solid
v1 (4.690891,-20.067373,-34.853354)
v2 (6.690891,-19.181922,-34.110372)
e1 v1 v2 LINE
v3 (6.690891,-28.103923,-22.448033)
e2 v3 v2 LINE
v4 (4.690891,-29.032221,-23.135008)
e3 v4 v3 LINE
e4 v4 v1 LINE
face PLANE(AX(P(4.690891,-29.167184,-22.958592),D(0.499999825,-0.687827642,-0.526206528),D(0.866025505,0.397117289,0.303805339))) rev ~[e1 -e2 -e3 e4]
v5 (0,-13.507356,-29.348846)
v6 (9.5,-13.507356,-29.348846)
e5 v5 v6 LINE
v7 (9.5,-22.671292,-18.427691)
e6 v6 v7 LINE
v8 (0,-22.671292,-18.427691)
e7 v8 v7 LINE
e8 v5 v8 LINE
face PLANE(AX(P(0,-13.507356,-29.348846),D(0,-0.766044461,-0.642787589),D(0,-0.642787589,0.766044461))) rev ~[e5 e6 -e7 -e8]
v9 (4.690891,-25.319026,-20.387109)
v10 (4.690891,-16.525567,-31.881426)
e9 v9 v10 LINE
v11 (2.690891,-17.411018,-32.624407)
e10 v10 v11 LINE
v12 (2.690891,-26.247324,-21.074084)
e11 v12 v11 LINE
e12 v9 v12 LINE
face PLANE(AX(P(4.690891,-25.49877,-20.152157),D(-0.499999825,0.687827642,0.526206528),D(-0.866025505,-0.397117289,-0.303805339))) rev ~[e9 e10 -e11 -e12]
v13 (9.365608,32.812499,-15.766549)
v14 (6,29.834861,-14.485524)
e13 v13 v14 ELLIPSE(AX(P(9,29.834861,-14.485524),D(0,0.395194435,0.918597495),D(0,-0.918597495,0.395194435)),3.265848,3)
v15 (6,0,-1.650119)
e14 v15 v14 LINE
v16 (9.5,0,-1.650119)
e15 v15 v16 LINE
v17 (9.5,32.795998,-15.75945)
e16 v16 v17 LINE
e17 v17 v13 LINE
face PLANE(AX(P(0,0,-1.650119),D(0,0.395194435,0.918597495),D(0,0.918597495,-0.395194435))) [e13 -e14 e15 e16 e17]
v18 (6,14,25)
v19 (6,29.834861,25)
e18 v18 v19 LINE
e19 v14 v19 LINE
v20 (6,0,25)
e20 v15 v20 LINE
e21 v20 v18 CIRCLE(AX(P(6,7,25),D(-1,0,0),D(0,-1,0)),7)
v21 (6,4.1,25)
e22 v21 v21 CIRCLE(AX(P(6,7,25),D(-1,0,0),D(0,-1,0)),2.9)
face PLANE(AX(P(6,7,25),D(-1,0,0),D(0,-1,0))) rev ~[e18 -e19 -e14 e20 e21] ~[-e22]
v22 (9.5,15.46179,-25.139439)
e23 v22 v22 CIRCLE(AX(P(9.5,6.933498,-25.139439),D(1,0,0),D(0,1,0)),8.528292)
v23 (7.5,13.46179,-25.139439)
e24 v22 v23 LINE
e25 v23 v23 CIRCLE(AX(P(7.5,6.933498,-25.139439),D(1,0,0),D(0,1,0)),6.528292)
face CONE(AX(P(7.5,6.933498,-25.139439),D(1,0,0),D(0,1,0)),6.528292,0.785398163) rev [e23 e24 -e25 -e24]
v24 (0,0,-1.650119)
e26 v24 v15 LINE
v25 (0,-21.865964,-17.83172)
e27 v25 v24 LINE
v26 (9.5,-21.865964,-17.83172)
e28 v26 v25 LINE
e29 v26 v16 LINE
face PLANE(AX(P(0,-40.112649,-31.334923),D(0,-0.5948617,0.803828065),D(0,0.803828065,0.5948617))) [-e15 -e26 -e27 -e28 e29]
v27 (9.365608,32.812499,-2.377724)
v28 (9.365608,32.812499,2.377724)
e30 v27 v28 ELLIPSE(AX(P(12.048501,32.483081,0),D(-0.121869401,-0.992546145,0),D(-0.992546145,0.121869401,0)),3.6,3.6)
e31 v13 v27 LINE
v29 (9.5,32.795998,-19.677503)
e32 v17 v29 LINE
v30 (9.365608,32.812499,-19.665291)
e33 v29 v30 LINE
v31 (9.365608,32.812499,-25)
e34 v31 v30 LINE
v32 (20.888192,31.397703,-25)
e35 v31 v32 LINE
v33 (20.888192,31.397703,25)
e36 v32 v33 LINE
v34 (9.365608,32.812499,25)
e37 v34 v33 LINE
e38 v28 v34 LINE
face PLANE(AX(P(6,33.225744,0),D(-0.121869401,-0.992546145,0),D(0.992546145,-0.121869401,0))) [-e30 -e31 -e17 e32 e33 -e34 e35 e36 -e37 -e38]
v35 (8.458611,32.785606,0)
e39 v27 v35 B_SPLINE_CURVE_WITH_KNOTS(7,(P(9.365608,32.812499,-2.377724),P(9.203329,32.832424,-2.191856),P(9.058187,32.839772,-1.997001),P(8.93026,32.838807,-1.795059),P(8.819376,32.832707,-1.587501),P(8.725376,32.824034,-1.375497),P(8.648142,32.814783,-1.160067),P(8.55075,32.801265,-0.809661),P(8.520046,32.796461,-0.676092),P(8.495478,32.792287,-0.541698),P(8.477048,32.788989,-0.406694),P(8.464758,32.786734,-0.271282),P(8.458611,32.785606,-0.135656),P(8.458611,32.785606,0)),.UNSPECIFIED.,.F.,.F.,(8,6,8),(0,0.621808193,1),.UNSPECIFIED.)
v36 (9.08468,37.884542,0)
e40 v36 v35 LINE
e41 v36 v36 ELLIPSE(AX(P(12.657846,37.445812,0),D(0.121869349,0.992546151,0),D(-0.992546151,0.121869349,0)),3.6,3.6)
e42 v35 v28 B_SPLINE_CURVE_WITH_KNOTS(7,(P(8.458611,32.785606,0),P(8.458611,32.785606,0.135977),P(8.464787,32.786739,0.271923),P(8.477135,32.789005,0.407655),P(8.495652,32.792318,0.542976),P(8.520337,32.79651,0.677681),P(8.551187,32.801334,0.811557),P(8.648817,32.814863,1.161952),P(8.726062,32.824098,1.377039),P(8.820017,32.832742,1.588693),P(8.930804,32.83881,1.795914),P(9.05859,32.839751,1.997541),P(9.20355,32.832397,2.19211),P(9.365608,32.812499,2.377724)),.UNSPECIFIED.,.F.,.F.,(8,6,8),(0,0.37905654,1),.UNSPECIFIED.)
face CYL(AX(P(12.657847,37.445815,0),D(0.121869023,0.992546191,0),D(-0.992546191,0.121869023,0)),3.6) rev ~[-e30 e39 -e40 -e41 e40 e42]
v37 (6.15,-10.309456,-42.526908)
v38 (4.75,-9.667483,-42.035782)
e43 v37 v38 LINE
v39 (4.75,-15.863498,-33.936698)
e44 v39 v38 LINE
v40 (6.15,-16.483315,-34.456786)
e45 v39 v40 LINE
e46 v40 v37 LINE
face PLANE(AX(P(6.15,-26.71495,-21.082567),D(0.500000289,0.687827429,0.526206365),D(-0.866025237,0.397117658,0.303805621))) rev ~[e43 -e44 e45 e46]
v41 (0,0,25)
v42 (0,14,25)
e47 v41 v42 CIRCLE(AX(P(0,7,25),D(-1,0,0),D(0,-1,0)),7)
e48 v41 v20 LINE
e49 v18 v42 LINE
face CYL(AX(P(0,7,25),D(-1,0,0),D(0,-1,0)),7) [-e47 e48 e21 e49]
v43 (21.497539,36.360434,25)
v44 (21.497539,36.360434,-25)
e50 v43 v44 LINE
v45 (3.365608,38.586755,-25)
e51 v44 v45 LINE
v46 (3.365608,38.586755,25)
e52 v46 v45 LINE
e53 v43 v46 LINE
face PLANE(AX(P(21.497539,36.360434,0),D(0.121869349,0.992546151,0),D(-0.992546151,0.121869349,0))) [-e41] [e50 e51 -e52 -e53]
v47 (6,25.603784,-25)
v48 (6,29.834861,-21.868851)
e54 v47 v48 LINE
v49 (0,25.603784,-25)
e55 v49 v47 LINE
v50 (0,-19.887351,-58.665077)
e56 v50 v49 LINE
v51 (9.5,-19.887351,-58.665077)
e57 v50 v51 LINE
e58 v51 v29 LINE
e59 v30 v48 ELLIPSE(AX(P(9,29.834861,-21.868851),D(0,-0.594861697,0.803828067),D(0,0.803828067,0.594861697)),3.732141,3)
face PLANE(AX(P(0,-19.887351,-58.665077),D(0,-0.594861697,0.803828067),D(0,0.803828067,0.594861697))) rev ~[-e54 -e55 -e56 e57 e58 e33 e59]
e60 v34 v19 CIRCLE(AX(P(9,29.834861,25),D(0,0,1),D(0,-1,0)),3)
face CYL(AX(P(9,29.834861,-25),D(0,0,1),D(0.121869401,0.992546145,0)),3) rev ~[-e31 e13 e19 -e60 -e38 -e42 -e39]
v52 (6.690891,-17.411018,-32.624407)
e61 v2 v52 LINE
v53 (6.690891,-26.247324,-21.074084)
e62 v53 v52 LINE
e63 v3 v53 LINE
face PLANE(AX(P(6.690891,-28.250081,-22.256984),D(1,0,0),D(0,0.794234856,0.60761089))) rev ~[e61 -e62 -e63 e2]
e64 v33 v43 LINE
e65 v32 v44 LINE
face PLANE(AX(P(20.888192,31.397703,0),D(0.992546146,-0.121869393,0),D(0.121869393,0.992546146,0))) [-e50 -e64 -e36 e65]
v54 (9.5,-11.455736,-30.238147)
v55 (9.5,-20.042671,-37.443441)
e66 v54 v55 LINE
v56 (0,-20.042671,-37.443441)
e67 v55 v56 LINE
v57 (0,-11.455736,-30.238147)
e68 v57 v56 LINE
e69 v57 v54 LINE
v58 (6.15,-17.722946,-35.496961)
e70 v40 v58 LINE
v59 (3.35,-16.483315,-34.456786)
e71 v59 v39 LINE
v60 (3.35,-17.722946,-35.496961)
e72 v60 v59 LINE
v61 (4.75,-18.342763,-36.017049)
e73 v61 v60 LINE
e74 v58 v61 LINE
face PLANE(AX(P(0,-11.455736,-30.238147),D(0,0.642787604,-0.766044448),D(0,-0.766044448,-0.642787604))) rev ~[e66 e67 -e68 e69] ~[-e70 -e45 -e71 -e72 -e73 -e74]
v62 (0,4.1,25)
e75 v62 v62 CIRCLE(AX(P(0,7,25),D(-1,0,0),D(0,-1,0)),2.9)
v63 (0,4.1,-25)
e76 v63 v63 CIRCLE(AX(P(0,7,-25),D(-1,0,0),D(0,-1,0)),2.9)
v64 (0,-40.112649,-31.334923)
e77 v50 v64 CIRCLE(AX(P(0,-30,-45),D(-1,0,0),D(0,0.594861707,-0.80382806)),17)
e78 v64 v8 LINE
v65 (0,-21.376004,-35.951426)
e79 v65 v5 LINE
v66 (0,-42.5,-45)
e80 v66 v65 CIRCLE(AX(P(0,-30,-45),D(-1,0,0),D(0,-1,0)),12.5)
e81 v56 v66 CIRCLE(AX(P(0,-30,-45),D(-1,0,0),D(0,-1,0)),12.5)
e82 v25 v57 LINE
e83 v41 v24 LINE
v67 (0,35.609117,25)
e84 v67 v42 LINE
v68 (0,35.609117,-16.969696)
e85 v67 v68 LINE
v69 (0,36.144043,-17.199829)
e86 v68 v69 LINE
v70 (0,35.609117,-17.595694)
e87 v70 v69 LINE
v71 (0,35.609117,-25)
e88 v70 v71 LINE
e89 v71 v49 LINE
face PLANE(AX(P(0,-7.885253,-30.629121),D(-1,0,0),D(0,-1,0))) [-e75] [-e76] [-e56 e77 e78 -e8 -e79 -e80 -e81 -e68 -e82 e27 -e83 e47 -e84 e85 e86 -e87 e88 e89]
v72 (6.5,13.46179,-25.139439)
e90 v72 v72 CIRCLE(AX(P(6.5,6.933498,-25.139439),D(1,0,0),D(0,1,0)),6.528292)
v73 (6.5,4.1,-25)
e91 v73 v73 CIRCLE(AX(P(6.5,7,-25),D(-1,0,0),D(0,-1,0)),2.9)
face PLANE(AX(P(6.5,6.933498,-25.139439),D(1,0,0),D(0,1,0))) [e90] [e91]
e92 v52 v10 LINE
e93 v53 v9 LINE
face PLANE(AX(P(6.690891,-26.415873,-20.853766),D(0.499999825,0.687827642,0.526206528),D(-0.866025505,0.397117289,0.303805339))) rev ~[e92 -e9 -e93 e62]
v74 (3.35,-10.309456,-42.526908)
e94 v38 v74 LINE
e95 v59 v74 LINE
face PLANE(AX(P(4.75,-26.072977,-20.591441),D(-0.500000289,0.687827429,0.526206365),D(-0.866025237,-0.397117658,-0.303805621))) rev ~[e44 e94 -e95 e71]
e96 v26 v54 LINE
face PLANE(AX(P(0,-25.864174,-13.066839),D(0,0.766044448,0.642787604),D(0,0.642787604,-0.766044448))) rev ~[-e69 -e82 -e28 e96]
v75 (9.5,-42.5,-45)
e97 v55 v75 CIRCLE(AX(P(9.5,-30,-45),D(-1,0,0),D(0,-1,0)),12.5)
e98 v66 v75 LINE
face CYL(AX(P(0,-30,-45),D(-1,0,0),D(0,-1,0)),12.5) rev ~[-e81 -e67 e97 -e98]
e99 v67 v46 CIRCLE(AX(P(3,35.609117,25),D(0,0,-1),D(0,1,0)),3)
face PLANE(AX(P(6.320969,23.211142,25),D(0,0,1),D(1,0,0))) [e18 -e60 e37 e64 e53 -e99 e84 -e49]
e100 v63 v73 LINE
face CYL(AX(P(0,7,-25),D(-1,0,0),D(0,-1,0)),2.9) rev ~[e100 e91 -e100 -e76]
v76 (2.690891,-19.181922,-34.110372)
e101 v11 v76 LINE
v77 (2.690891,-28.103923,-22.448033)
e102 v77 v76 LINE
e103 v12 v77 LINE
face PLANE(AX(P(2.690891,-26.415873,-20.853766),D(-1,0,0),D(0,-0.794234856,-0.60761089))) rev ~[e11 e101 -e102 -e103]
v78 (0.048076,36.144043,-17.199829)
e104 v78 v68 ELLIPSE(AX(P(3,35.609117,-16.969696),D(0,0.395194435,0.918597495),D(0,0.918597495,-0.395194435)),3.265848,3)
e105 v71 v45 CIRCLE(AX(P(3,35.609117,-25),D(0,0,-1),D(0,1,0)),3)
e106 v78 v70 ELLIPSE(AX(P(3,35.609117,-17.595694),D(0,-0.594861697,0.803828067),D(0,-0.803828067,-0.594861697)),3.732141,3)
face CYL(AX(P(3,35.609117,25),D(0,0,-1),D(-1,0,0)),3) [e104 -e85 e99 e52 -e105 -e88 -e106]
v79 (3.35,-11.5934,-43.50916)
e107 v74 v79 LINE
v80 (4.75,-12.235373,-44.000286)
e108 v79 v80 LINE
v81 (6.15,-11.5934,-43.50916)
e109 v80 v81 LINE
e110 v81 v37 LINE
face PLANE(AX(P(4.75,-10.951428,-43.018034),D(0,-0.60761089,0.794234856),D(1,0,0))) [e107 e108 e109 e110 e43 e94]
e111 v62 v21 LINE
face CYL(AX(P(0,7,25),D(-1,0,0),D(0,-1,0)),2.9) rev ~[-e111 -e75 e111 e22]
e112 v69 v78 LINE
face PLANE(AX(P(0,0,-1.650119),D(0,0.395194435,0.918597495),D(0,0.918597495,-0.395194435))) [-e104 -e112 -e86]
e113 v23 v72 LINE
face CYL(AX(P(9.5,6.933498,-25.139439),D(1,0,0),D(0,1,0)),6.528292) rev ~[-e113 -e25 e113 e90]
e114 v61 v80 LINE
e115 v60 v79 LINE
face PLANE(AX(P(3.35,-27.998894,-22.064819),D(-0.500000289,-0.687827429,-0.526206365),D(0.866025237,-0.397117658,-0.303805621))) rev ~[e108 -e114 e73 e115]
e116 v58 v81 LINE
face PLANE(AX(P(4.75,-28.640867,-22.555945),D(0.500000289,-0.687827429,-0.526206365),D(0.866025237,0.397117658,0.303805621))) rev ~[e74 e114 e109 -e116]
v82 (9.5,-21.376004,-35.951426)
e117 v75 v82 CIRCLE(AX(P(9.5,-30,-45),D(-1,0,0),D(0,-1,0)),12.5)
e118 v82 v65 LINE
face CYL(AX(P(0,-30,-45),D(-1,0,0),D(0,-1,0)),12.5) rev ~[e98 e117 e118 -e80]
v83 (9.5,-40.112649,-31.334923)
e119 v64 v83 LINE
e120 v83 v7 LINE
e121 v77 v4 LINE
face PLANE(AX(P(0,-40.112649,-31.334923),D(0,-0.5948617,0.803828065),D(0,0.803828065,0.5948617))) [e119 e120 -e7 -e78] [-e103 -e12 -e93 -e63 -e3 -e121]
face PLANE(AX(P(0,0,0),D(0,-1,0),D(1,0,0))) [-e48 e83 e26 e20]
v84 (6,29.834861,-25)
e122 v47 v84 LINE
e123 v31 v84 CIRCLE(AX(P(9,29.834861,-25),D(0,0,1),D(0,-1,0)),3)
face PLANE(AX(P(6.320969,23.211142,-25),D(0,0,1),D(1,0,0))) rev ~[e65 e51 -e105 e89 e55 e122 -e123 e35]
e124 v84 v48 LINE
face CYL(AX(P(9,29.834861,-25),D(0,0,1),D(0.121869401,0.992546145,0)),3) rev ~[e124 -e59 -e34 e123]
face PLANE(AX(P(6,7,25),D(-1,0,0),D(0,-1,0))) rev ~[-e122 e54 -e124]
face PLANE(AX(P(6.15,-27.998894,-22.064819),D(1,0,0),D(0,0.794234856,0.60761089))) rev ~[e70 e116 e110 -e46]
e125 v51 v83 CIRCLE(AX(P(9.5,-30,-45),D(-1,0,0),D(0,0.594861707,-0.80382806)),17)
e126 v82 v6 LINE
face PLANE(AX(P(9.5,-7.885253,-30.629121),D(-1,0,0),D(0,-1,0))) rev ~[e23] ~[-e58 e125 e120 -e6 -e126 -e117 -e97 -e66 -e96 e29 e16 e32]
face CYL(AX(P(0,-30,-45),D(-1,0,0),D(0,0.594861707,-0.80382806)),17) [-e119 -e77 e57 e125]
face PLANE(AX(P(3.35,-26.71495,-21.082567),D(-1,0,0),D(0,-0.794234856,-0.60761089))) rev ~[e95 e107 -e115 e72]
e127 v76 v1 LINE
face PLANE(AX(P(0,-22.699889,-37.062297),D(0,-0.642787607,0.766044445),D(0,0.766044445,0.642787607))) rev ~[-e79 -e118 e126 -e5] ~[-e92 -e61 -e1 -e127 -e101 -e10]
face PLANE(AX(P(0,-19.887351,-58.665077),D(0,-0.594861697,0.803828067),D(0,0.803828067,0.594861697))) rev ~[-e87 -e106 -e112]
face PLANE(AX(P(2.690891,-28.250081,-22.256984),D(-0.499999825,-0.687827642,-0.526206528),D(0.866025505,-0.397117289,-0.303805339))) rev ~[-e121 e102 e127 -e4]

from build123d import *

# Parameters (mm, degrees)
PAD_DEPTH       = 25
FILLET_R        = 3
SKETCH009_R     = 7
PAD001_DEPTH    = 6
SKETCH_R        = 12.5
PAD002_DEPTH    = 9.5
POCKET_DEPTH    = 21.498539
SKETCH003_R     = 2.9
POCKET001_DEPTH = 21.498539
POCKET002_DEPTH = 16
POCKET003_DEPTH = 27
SKETCH008_R     = 3.6
POCKET004_DEPTH = 10
SKETCH017_R     = 6.528292
POCKET005_DEPTH = 3
CHAMFER_SIZE    = 2


with BuildPart() as part:
    # Sketch007 → Pad (new body, symmetric)
    with BuildSketch(Plane.XY):
        Polygon((0, 0), (6, 0), (6, 33.225744), (20.888192, 31.397703), (21.497539, 36.360434), (0, 39), align=None)
    extrude(amount=PAD_DEPTH, both=True)

    # Fillet
    fillet_edges = [part.edges().sort_by_distance(p)[0] for p in [
        (0, 39, 0),
        (6, 33.225744, 0),
    ]]
    fillet(fillet_edges, radius=FILLET_R)

    # Sketch009 (on Face7 of Fillet) → Pad001 (join)
    with BuildSketch(Plane(origin=(0, 0, 0), x_dir=(0, -1, 0), z_dir=(-1, 0, 0))):
        with Locations((-7, 25)):
            Circle(SKETCH009_R)
    extrude(amount=-PAD001_DEPTH)

    # Sketch → Pad002 (join)
    with BuildSketch(Plane(origin=(0, 0, 0), x_dir=(0, -1, 0), z_dir=(-1, 0, 0))):
        with BuildLine():
            Line((40.112649, -31.334923), (0, -1.650119))
            Line((0, -1.650119), (-36.144043, -17.199829))
            Line((19.887351, -58.665077), (-36.144043, -17.199829))
            ThreePointArc((19.887351, -58.665077), (43.665077, -55.112649), (40.112649, -31.334923))
        make_face()
        with Locations((30, -45)):
            Circle(SKETCH_R, mode=Mode.SUBTRACT)
    extrude(amount=-PAD002_DEPTH)

    # Sketch013 → Pocket (cut, through all)
    with BuildSketch(Plane(origin=(0, 0, 0), x_dir=(0, -1, 0), z_dir=(-1, 0, 0))):
        Polygon((22.699889, -37.062297), (13.507356, -29.348846), (26.630219, -13.709626), (25.864174, -13.066839), (11.455736, -30.238147), (21.414314, -38.594386), align=None)
    extrude(amount=-POCKET_DEPTH, mode=Mode.SUBTRACT)

    # Sketch003 (on Face19 of Pad002) → Pocket001 (cut, through all)
    with BuildSketch(Plane(origin=(0, 0, 0), x_dir=(0, -1, 0), z_dir=(-1, 0, 0))):
        with Locations((-7, -25)):
            Circle(SKETCH003_R)
        with Locations((-7, 25)):
            Circle(SKETCH003_R)
    extrude(amount=-POCKET001_DEPTH, mode=Mode.SUBTRACT)

    # Sketch015 → Pocket002 (cut)
    with BuildSketch(Plane(origin=(0, 0.311228, -0.406819), x_dir=(1, 0, 0), z_dir=(0, -0.607611, 0.794235))):
        Polygon((4.690891, -37.115485), (6.690891, -35.960785), (6.690891, -33.651383), (4.690891, -32.496683), (2.690891, -33.651383), (2.690891, -35.960785), align=None)
    extrude(amount=-POCKET002_DEPTH, mode=Mode.SUBTRACT)

    # Sketch014 → Pocket003 (cut)
    with BuildSketch(Plane(origin=(0, 0.311228, -0.406819), x_dir=(1, 0, 0), z_dir=(0, -0.607611, 0.794235))):
        Polygon((6.15, -35.644522), (6.15, -34.027942), (4.75, -33.219651), (3.35, -34.027942), (3.35, -35.644522), (4.75, -36.452813), align=None)
    extrude(amount=-POCKET003_DEPTH, mode=Mode.SUBTRACT)

    # Sketch008 (on Face11 of Pocket003) → Pocket004 (cut)
    with BuildSketch(Plane(origin=(4.717477, 38.420767, 0), x_dir=(-0.992546, 0.121869, 0), z_dir=(0.121869, 0.992546, 0))):
        with Locations((-8, 0)):
            Circle(SKETCH008_R)
    extrude(amount=-POCKET004_DEPTH, mode=Mode.SUBTRACT)

    # Sketch017 (on Face7 of Pocket004) → Pocket005 (cut)
    with BuildSketch(Plane.YZ.offset(9.5)):
        with Locations((6.933498, -25.139439)):
            Circle(SKETCH017_R)
    extrude(amount=-POCKET005_DEPTH, mode=Mode.SUBTRACT)

    # Chamfer
    chamfer_edges = [part.edges().sort_by_distance(p)[0] for p in [
        (9.5, 0.405206, -25.139439),
    ]]
    chamfer(chamfer_edges, length=CHAMFER_SIZE)


solid = part.part
